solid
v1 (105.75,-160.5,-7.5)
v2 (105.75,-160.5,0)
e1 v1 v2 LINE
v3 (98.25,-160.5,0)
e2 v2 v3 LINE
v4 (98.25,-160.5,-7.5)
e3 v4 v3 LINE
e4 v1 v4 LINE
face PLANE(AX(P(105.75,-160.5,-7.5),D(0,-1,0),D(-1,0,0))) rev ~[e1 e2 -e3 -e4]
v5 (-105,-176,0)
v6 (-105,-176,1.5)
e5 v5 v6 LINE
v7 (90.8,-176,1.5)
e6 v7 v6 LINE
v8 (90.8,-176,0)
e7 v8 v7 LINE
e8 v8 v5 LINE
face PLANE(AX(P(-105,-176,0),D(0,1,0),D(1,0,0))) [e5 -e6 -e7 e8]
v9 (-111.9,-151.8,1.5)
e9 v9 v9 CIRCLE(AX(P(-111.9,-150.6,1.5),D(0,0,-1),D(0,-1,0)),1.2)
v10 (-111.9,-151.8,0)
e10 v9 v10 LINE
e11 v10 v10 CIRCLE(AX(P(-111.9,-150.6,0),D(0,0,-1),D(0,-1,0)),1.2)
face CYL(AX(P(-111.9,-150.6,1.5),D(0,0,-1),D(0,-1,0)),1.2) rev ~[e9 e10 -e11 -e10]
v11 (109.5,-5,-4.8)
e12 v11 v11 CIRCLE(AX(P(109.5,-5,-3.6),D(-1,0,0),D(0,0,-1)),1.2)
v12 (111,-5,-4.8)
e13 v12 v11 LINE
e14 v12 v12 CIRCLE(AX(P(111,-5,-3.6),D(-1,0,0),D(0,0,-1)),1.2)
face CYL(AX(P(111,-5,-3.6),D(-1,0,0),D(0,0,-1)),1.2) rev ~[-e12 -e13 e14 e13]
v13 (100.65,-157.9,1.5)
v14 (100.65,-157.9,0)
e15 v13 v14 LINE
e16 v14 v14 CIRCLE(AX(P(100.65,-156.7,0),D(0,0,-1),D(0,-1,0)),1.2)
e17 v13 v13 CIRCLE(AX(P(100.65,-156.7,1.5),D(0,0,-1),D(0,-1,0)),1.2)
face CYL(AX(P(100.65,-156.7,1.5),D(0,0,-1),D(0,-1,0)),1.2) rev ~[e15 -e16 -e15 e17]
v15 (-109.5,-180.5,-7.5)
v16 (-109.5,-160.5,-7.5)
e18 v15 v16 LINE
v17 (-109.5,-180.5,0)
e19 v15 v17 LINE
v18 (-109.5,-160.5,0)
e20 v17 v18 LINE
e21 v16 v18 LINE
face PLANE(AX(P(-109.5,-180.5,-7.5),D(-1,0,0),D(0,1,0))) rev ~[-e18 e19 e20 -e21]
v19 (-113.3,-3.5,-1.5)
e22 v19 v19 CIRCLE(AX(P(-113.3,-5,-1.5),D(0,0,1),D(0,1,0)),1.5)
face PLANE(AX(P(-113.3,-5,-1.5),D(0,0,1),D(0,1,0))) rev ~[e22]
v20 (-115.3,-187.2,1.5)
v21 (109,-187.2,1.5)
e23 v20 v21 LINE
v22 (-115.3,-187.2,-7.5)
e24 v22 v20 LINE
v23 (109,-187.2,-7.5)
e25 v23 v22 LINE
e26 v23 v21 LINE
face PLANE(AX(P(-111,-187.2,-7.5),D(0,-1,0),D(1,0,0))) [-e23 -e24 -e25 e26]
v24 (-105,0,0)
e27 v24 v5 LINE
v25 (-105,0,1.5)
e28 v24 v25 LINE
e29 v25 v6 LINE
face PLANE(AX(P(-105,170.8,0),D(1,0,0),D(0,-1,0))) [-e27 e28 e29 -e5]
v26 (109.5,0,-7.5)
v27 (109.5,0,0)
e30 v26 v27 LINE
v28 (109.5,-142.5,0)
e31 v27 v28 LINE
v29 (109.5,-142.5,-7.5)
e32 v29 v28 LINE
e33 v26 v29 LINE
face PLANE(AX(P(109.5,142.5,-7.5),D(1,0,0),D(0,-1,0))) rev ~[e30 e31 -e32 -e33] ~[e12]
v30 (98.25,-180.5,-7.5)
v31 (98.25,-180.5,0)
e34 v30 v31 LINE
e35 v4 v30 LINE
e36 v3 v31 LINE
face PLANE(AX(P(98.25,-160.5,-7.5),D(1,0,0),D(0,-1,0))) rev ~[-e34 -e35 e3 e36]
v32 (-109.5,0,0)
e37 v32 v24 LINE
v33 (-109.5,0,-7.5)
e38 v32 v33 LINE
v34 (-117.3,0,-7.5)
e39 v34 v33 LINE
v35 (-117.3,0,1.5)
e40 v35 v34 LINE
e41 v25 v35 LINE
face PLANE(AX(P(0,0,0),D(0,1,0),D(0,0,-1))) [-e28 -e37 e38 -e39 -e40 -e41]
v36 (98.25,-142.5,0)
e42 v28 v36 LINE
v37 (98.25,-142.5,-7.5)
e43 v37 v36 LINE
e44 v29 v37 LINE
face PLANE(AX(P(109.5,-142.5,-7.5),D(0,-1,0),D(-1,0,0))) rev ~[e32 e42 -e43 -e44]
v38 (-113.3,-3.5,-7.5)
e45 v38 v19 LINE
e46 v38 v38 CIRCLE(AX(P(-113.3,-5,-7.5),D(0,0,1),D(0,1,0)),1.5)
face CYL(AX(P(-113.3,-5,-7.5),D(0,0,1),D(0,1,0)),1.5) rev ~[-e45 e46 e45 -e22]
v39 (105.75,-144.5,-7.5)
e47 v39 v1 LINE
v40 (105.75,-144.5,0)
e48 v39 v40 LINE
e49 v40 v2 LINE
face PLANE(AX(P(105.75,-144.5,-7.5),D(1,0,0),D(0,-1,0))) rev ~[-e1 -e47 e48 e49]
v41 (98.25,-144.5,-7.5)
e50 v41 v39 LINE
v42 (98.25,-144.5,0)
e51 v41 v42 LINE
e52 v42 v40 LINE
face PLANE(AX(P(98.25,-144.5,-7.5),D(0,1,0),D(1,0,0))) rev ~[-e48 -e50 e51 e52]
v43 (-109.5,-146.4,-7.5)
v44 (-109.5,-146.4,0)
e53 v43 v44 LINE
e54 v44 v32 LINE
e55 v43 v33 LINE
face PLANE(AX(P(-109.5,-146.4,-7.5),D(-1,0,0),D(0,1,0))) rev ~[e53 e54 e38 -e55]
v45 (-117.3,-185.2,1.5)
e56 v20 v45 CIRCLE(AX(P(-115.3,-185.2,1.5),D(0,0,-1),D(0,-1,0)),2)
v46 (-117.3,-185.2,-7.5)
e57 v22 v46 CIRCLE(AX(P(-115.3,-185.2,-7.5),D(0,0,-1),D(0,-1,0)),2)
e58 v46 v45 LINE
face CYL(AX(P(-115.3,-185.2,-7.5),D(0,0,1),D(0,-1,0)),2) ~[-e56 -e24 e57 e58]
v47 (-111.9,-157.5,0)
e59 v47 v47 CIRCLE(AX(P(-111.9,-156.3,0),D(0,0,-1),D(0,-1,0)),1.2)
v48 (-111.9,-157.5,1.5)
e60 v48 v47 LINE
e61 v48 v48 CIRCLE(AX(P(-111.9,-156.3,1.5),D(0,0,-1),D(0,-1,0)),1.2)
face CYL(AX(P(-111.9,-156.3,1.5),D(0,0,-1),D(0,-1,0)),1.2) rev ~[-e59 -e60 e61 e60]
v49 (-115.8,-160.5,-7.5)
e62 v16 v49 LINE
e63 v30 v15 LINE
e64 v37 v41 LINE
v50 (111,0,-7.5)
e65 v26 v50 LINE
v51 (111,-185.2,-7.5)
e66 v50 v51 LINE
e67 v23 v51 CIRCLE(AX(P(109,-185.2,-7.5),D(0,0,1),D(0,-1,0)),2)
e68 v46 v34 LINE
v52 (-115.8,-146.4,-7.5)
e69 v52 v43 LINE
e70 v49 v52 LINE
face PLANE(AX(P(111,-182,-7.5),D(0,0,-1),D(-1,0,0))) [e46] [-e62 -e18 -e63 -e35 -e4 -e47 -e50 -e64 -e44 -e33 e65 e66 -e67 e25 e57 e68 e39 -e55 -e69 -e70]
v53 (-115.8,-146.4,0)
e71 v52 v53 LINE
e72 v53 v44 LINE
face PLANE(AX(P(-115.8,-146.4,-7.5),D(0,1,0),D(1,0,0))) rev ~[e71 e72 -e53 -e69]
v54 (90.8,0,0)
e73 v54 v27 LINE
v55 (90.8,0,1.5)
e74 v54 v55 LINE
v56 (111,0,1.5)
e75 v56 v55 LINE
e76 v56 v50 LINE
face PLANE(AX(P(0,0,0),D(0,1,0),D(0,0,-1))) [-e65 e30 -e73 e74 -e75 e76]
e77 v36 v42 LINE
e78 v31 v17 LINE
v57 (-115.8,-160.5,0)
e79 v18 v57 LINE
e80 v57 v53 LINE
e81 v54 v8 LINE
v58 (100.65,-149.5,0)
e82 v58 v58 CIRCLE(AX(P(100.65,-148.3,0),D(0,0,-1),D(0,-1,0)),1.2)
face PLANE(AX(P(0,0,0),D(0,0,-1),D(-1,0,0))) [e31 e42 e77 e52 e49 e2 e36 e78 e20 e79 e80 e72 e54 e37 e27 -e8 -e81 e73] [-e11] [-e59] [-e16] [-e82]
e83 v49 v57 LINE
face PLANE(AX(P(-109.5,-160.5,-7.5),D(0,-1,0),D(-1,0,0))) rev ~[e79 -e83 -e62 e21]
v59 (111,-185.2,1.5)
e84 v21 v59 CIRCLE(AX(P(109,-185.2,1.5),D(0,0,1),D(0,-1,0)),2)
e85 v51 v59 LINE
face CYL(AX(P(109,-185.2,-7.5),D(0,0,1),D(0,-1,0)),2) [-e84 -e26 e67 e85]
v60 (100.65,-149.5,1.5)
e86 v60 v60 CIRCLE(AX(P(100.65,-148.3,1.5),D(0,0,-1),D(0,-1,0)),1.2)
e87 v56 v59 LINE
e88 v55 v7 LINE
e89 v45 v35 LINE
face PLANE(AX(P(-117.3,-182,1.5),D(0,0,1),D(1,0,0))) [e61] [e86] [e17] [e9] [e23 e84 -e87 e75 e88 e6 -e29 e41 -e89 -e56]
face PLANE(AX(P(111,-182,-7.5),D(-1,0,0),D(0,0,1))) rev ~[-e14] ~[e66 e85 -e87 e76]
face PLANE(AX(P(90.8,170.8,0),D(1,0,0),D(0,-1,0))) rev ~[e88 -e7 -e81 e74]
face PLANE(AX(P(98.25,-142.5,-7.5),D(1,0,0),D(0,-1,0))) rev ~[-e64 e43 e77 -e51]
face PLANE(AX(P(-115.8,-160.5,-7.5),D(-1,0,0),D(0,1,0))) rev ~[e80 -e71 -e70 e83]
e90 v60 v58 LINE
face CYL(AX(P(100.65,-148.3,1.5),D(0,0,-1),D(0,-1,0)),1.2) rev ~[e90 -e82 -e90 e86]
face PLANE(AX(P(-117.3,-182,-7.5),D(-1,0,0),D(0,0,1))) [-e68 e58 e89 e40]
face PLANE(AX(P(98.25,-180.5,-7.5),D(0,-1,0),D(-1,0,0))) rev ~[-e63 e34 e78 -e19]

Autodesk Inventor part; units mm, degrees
ref_plane "YZ Plane" through (0, 0, 0) normal (1, 0, 0) x (0, 1, 0)
ref_plane "XZ Plane" through (0, 0, 0) normal (0, 1, 0) x (-1, 0, 0)
ref_plane "XY Plane" through (0, 0, 0) normal (0, 0, 1) x (1, 0, 0)
sketch "Boceto1" plane through (0, 0, 0) normal (0, 0, 1) x (1, 0, 0)
  circle A0 centre (100.65, -156.7) radius 1.65 projected
  circle A1 centre (100.65, -148.3) radius 1.65 projected
  circle A2 centre (100.65, 156.7) radius 1.65 projected
  circle A3 centre (100.65, 148.3) radius 1.65 projected
  line L0 (97.75, 145) -> (105.25, 145) projected
  line L1 (105.25, 145) -> (105.25, 160) projected
  line L2 (105.25, 160) -> (97.75, 160) projected
  line L3 (97.75, 160) -> (97.75, 180) projected
  line L4 (97.75, 180) -> (-109, 180) projected
  line L5 (-109, 160) -> (-115.3, 160) projected
  line L6 (-109, -160) -> (-109, -180) projected
  line L7 (-115.3, 146.9) -> (-109, 146.9) projected
  line L8 (-109, -146.9) -> (-115.3, -146.9) projected
  line L9 (-109, 180) -> (-109, 160) projected
  line L10 (-115.3, -160) -> (-109, -160) projected
  line L11 (-109, -180) -> (97.75, -180) projected
  line L12 (97.75, -180) -> (97.75, -160) projected
  line L13 (97.75, -160) -> (105.25, -160) projected
  line L14 (105.25, -160) -> (105.25, -145) projected
  line L15 (105.25, -145) -> (97.75, -145) projected
  line L16 (97.75, -145) -> (97.75, -142) projected
  line L17 (97.75, -142) -> (109, -142) projected
  line L18 (109, -142) -> (109, 142) projected
  line L19 (109, 142) -> (97.75, 142) projected
  line L20 (97.75, 142) -> (97.75, 145) projected
  line L21 (109, 180) -> (97.75, 180)
  line L22 (-109, -160) -> (-109, -180)
  line L23 (-109, -180) -> (-102.7, -180)
  line L24 (-109, -180) -> (109, -180)
  line L25 (109, -180) -> (109, 180)
  line L26 (109, 180) -> (-109, 180)
  line L27 (111, 142) -> (111, 180)
  line L28 (109, 182) -> (97.75, 182)
  line L29 (-109, -182) -> (-102.7, -182)
  line L30 (-111, -182) -> (111, -182)
  line L31 (111, -182) -> (111, 182)
  line L32 (111, 182) -> (-111, 182)
  circle A4 centre (-111.9, -156.3) radius 1.2 projected
  circle A5 centre (-111.9, -150.6) radius 1.2 projected
  circle A6 centre (-111.9, 156.3) radius 1.2 projected
  circle A7 centre (-111.9, 150.6) radius 1.2 projected
  line L33 (-115.3, 160) -> (-115.3, 146.9) projected
  line L34 (-109, 146.9) -> (-109, -146.9) projected
  line L35 (-115.3, -146.9) -> (-115.3, -160) projected
  line L36 (-109, 180) -> (-115.3, 180)
  line L37 (-109, -180) -> (-115.3, -180)
  line L38 (-115.3, 180) -> (109, 180)
  line L39 (109, 180) -> (109, -180)
  line L40 (109, -180) -> (-115.3, -180)
  line L41 (-115.3, -180) -> (-115.3, 180)
  line L42 (-117.3, 180) -> (-117.3, -182)
  line L43 (-117.3, -182) -> (109, -182)
  line L44 (-115.3, 182) -> (111, 182)
  line L45 (111, 182) -> (111, -180)
  line L46 (-117.3, 180) -> (-117.3, 182)
  line L47 (-117.3, 182) -> (-115.3, 182)
  point P0 (0, 0)
  dimension "d1" = 2
  dimension "d3" = 2
  dimension "d20" = 2
  dimension "d21" = 2
extrude "Extrusión1" add sketch "Boceto1" against normal blind 7.5 contours L0 L1 L2 L3 L21 L25 L19 L20 | L25 L24 L12 L13 L14 L15 L16 L17 | L9 L5 L41 L36 | L37 L41 L10 L6 | L7 L34 L8 L41 | L31 L30 L29 L43 L42 L46 L47 L44 L32 L28 L27
sketch "Boceto2" plane through (0, 0, 0) normal (0, 0, 1) x (1, 0, 0)
  line L0 (-117.3, -182) -> (111, -182) projected
  line L1 (111, -182) -> (111, 182) projected
  line L2 (111, 182) -> (-117.3, 182) projected
  line L3 (90.8, 170.8) -> (90.8, -176) projected
  line L4 (90.8, 170.8) -> (90.8, -176) projected
  line L5 (-19.4789, -176) -> (90.8, -176) projected
  line L6 (90.8, -176) -> (-99.7, -176) projected
  line L7 (-99.7, -176) -> (-99.7, 170.8) projected
  line L8 (-99.7, 170.8) -> (90.8, 170.8) projected
  line L9 (-117.3, 182) -> (-117.3, -182) projected
  line L10 (-105.5008, -176) -> (-99.7, -176)
  line L11 (-99.7, 170.8) -> (-105.5008, 170.8)
  line L12 (-109, 160) -> (-109, 180) projected
  line L13 (-109, 170.8) -> (-105, 170.8)
  line L14 (-105, 170.8) -> (-105, -176)
  point P0 (0, 0)
  dimension "d33" = 4
extrude "Extrusión2" add sketch "Boceto2" along normal blind 1.5
sketch "Boceto3" plane through (-111, -182, -7.5) normal (0, -1, 0) x (1, 0, 0)
  line L0 (222, 0) -> (-6.3, 0) projected
  line L1 (222, 0) -> (222, 9) projected
  line L2 (-6.3, 9) -> (222, 9) projected
  line L3 (-6.3, 0) -> (-6.3, 9) projected
  point P0 (111, 7.5)
extrude "Extrusión3" add sketch "Boceto3" along normal blind 5.2
sketch "Boceto5" plane through (0, 0, 1.5) normal (0, 0, 1) x (1, 0, 0)
  circle A0 centre (100.65, -156.7) radius 1.65 projected
  circle A1 centre (100.65, -148.3) radius 1.65 projected
  circle A2 centre (100.65, 156.7) radius 1.65 projected
  circle A3 centre (100.65, 148.3) radius 1.65 projected
  line L0 (97.75, 145) -> (105.25, 145) projected
  line L1 (105.25, 145) -> (105.25, 160) projected
  line L2 (105.25, 160) -> (97.75, 160) projected
  line L3 (97.75, 160) -> (97.75, 180) projected
  line L4 (97.75, 180) -> (-109, 180) projected
  line L5 (-109, 160) -> (-115.3, 160) projected
  line L6 (-109, -160) -> (-109, -180) projected
  line L7 (-115.3, 146.9) -> (-109, 146.9) projected
  line L8 (-109, -146.9) -> (-115.3, -146.9) projected
  line L9 (-109, 180) -> (-109, 160) projected
  line L10 (-115.3, -160) -> (-109, -160) projected
  line L11 (-109, -180) -> (97.75, -180) projected
  line L12 (97.75, -180) -> (97.75, -160) projected
  line L13 (97.75, -160) -> (105.25, -160) projected
  line L14 (105.25, -160) -> (105.25, -145) projected
  line L15 (105.25, -145) -> (97.75, -145) projected
  line L16 (97.75, -145) -> (97.75, -142) projected
  line L17 (97.75, -142) -> (109, -142) projected
  line L18 (109, -142) -> (109, 142) projected
  line L19 (109, 142) -> (97.75, 142) projected
  line L20 (97.75, 142) -> (97.75, 145) projected
  circle A4 centre (-111.9, -156.3) radius 1.2 projected
  circle A5 centre (-111.9, -150.6) radius 1.2 projected
  circle A6 centre (-111.9, 156.3) radius 1.2 projected
  circle A7 centre (-111.9, 150.6) radius 1.2 projected
  line L21 (-115.3, 160) -> (-115.3, 146.9) projected
  line L22 (-109, 146.9) -> (-109, -146.9) projected
  line L23 (-115.3, -146.9) -> (-115.3, -160) projected
  point P0 (0, 0)
hole "Agujero1" at (100.65, 148.3, 1.5) at (100.65, 156.7, 1.5) at (100.65, -156.7, 1.5) at (100.65, -148.3, 1.5) at (-111.9, -156.3, 1.5) at (-111.9, -150.6, 1.5) at (-111.9, 150.6, 1.5) at (-111.9, 156.3, 1.5) direction (0, 0, -1) diameter 2.4 end through all
sketch "Boceto6" plane through (0, 0, -7.5) normal (0, 0, -1) x (-1, 0, 0)
  line L0 (117.3, 182) -> (-111, 182) projected
  line L1 (-111, 182) -> (-111, -187.2) projected
  line L2 (117.3, -187.2) -> (-111, -187.2) projected
  line L3 (117.3, 182) -> (117.3, -187.2) projected
  line L4 (-97.75, 160) -> (-97.75, 180) projected
  line L5 (-97.75, 180) -> (109, 180) projected
  line L6 (109, 180) -> (109, 160) projected
  line L7 (109, 160) -> (115.3, 160) projected
  line L8 (115.3, 160) -> (115.3, 146.9) projected
  line L9 (115.3, 146.9) -> (109, 146.9) projected
  line L10 (109, 146.9) -> (109, -146.9) projected
  line L11 (109, -146.9) -> (115.3, -146.9) projected
  line L12 (115.3, -146.9) -> (115.3, -160) projected
  line L13 (115.3, -160) -> (109, -160) projected
  line L14 (109, -160) -> (109, -180) projected
  line L15 (109, -180) -> (-97.75, -180) projected
  line L16 (-97.75, -180) -> (-97.75, -160) projected
  line L17 (-97.75, -160) -> (-105.25, -160) projected
  line L18 (-105.25, -160) -> (-105.25, -145) projected
  line L19 (-105.25, -145) -> (-97.75, -145) projected
  line L20 (-97.75, -145) -> (-97.75, -142) projected
  line L21 (-97.75, -142) -> (-109, -142) projected
  line L22 (-109, -142) -> (-109, 142) projected
  line L23 (-109, 142) -> (-97.75, 142) projected
  line L24 (-97.75, 142) -> (-97.75, 145) projected
  line L25 (-97.75, 145) -> (-105.25, 145) projected
  line L26 (-105.25, 145) -> (-105.25, 160) projected
  line L27 (-105.25, 160) -> (-97.75, 160) projected
  line L28 (117.3, 182) -> (117.3, -187.2) projected
  line L29 (117.3, 182) -> (-111, 182) projected
  line L30 (-111, 182) -> (-111, -187.2) projected
  line L31 (117.3, -187.2) -> (-111, -187.2) projected
  line L32 (109.5, 160.5) -> (109.5, 180.5)
  line L33 (109.5, 180.5) -> (-98.25, 180.5)
  line L34 (-98.25, 180.5) -> (-98.25, 160.5)
  line L35 (-98.25, 160.5) -> (-105.75, 160.5)
  line L36 (-105.75, 160.5) -> (-105.75, 144.5)
  line L37 (-105.75, 144.5) -> (-98.25, 144.5)
  line L38 (-98.25, 144.5) -> (-98.25, 142.5)
  line L39 (-98.25, 142.5) -> (-109.5, 142.5)
  line L40 (-109.5, 142.5) -> (-109.5, -142.5)
  line L41 (-109.5, -142.5) -> (-98.25, -142.5)
  line L42 (-98.25, -142.5) -> (-98.25, -144.5)
  line L43 (-98.25, -144.5) -> (-105.75, -144.5)
  line L44 (-105.75, -144.5) -> (-105.75, -160.5)
  line L45 (-105.75, -160.5) -> (-98.25, -160.5)
  line L46 (-98.25, -160.5) -> (-98.25, -180.5)
  line L47 (-98.25, -180.5) -> (109.5, -180.5)
  line L48 (109.5, -180.5) -> (109.5, -160.5)
  line L49 (109.5, -160.5) -> (115.8, -160.5)
  line L50 (115.8, -160.5) -> (115.8, -146.4)
  line L51 (115.8, -146.4) -> (109.5, -146.4)
  line L52 (109.5, -146.4) -> (109.5, 146.4)
  line L53 (109.5, 146.4) -> (115.8, 146.4)
  line L54 (115.8, 146.4) -> (115.8, 160.5)
  line L55 (115.8, 160.5) -> (109.5, 160.5)
  dimension "d22" = 0.5
extrude "Extrusión4" cut sketch "Boceto6" against normal blind 7.5 contours L55 L54 L53 L52 L51 L50 L49 L48 L47 L46 L45 L44 L43 L42 L41 L40 L39 L38 L37 L36 L35 L34 L33 L32
fillet "Empalme1" radius 2 5 edges at (-117.3, 182, 0.75) (-117.3, 182, -3.75) (111, 182, -3) (111, -187.2, -3) (-117.3, -187.2, -3)
sketch "Boceto7" plane through (0, 0, -7.5) normal (0, 0, -1) x (-1, 0, 0)
  arc A0 (117.3, 7) -> (114.3, 10) centre (114.3, 7) ccw projected
  line L0 (114.3, 10) -> (100.3, 10) projected
  arc A1 (100.3, 10) -> (97.3, 7) centre (100.3, 7) ccw projected
  line L1 (97.3, 7) -> (97.3, -7) projected
  arc A2 (97.3, -7) -> (100.3, -10) centre (100.3, -7) ccw projected
  line L2 (100.3, -10) -> (114.3, -10) projected
  arc A3 (114.3, -10) -> (117.3, -7) centre (114.3, -7) ccw projected
  line L3 (117.3, -7) -> (117.3, 7) projected
  circle A4 centre (103.3, -5) radius 1 projected
  circle A5 centre (113.3, 5) radius 1 projected
  circle A6 centre (103.3, 5) radius 1 projected
  circle A7 centre (113.3, -5) radius 1 projected
  circle A8 centre (113.3, 5) radius 1 projected
  point P0 (0, 0)
hole "Agujero2" at (-113.3, 5, -7.5) at (-113.3, -5, -7.5) direction (0, 0, 1) diameter 3 depth 6
split "Dividir4" plane through (0, 0, 0) removes the side toward (0, 1, 0)
sketch "Boceto8" plane through (111, -185.2, 1.5) normal (1, 0, 0) x (0, 0, -1)
  circle A0 centre (12.7426, 180.2) radius 1.2 projected
  line L0 (9, 185.2) -> (0, 185.2) projected
  line L1 (9, 185.2) -> (9, 0) projected
  circle A1 centre (5.1, 190.2) radius 1.2 projected
  line L2 (0, 185.2) -> (9, 185.2) projected
  line L3 (9, 365.2) -> (9, 185.2) projected
  line L4 (0, 365.2) -> (9, 365.2) projected
  line L5 (0, 365.2) -> (0, 185.2) projected
  line L6 (5.1, 190.2) -> (5.1, 180.2)
  point P0 (1.5, 185.2)
hole "Agujero3" at (111, -5, -3.6) direction (-1, 0, 0) diameter 2.4 depth 8 tip angle 118
properties part number "MarcoIzquierdo"
